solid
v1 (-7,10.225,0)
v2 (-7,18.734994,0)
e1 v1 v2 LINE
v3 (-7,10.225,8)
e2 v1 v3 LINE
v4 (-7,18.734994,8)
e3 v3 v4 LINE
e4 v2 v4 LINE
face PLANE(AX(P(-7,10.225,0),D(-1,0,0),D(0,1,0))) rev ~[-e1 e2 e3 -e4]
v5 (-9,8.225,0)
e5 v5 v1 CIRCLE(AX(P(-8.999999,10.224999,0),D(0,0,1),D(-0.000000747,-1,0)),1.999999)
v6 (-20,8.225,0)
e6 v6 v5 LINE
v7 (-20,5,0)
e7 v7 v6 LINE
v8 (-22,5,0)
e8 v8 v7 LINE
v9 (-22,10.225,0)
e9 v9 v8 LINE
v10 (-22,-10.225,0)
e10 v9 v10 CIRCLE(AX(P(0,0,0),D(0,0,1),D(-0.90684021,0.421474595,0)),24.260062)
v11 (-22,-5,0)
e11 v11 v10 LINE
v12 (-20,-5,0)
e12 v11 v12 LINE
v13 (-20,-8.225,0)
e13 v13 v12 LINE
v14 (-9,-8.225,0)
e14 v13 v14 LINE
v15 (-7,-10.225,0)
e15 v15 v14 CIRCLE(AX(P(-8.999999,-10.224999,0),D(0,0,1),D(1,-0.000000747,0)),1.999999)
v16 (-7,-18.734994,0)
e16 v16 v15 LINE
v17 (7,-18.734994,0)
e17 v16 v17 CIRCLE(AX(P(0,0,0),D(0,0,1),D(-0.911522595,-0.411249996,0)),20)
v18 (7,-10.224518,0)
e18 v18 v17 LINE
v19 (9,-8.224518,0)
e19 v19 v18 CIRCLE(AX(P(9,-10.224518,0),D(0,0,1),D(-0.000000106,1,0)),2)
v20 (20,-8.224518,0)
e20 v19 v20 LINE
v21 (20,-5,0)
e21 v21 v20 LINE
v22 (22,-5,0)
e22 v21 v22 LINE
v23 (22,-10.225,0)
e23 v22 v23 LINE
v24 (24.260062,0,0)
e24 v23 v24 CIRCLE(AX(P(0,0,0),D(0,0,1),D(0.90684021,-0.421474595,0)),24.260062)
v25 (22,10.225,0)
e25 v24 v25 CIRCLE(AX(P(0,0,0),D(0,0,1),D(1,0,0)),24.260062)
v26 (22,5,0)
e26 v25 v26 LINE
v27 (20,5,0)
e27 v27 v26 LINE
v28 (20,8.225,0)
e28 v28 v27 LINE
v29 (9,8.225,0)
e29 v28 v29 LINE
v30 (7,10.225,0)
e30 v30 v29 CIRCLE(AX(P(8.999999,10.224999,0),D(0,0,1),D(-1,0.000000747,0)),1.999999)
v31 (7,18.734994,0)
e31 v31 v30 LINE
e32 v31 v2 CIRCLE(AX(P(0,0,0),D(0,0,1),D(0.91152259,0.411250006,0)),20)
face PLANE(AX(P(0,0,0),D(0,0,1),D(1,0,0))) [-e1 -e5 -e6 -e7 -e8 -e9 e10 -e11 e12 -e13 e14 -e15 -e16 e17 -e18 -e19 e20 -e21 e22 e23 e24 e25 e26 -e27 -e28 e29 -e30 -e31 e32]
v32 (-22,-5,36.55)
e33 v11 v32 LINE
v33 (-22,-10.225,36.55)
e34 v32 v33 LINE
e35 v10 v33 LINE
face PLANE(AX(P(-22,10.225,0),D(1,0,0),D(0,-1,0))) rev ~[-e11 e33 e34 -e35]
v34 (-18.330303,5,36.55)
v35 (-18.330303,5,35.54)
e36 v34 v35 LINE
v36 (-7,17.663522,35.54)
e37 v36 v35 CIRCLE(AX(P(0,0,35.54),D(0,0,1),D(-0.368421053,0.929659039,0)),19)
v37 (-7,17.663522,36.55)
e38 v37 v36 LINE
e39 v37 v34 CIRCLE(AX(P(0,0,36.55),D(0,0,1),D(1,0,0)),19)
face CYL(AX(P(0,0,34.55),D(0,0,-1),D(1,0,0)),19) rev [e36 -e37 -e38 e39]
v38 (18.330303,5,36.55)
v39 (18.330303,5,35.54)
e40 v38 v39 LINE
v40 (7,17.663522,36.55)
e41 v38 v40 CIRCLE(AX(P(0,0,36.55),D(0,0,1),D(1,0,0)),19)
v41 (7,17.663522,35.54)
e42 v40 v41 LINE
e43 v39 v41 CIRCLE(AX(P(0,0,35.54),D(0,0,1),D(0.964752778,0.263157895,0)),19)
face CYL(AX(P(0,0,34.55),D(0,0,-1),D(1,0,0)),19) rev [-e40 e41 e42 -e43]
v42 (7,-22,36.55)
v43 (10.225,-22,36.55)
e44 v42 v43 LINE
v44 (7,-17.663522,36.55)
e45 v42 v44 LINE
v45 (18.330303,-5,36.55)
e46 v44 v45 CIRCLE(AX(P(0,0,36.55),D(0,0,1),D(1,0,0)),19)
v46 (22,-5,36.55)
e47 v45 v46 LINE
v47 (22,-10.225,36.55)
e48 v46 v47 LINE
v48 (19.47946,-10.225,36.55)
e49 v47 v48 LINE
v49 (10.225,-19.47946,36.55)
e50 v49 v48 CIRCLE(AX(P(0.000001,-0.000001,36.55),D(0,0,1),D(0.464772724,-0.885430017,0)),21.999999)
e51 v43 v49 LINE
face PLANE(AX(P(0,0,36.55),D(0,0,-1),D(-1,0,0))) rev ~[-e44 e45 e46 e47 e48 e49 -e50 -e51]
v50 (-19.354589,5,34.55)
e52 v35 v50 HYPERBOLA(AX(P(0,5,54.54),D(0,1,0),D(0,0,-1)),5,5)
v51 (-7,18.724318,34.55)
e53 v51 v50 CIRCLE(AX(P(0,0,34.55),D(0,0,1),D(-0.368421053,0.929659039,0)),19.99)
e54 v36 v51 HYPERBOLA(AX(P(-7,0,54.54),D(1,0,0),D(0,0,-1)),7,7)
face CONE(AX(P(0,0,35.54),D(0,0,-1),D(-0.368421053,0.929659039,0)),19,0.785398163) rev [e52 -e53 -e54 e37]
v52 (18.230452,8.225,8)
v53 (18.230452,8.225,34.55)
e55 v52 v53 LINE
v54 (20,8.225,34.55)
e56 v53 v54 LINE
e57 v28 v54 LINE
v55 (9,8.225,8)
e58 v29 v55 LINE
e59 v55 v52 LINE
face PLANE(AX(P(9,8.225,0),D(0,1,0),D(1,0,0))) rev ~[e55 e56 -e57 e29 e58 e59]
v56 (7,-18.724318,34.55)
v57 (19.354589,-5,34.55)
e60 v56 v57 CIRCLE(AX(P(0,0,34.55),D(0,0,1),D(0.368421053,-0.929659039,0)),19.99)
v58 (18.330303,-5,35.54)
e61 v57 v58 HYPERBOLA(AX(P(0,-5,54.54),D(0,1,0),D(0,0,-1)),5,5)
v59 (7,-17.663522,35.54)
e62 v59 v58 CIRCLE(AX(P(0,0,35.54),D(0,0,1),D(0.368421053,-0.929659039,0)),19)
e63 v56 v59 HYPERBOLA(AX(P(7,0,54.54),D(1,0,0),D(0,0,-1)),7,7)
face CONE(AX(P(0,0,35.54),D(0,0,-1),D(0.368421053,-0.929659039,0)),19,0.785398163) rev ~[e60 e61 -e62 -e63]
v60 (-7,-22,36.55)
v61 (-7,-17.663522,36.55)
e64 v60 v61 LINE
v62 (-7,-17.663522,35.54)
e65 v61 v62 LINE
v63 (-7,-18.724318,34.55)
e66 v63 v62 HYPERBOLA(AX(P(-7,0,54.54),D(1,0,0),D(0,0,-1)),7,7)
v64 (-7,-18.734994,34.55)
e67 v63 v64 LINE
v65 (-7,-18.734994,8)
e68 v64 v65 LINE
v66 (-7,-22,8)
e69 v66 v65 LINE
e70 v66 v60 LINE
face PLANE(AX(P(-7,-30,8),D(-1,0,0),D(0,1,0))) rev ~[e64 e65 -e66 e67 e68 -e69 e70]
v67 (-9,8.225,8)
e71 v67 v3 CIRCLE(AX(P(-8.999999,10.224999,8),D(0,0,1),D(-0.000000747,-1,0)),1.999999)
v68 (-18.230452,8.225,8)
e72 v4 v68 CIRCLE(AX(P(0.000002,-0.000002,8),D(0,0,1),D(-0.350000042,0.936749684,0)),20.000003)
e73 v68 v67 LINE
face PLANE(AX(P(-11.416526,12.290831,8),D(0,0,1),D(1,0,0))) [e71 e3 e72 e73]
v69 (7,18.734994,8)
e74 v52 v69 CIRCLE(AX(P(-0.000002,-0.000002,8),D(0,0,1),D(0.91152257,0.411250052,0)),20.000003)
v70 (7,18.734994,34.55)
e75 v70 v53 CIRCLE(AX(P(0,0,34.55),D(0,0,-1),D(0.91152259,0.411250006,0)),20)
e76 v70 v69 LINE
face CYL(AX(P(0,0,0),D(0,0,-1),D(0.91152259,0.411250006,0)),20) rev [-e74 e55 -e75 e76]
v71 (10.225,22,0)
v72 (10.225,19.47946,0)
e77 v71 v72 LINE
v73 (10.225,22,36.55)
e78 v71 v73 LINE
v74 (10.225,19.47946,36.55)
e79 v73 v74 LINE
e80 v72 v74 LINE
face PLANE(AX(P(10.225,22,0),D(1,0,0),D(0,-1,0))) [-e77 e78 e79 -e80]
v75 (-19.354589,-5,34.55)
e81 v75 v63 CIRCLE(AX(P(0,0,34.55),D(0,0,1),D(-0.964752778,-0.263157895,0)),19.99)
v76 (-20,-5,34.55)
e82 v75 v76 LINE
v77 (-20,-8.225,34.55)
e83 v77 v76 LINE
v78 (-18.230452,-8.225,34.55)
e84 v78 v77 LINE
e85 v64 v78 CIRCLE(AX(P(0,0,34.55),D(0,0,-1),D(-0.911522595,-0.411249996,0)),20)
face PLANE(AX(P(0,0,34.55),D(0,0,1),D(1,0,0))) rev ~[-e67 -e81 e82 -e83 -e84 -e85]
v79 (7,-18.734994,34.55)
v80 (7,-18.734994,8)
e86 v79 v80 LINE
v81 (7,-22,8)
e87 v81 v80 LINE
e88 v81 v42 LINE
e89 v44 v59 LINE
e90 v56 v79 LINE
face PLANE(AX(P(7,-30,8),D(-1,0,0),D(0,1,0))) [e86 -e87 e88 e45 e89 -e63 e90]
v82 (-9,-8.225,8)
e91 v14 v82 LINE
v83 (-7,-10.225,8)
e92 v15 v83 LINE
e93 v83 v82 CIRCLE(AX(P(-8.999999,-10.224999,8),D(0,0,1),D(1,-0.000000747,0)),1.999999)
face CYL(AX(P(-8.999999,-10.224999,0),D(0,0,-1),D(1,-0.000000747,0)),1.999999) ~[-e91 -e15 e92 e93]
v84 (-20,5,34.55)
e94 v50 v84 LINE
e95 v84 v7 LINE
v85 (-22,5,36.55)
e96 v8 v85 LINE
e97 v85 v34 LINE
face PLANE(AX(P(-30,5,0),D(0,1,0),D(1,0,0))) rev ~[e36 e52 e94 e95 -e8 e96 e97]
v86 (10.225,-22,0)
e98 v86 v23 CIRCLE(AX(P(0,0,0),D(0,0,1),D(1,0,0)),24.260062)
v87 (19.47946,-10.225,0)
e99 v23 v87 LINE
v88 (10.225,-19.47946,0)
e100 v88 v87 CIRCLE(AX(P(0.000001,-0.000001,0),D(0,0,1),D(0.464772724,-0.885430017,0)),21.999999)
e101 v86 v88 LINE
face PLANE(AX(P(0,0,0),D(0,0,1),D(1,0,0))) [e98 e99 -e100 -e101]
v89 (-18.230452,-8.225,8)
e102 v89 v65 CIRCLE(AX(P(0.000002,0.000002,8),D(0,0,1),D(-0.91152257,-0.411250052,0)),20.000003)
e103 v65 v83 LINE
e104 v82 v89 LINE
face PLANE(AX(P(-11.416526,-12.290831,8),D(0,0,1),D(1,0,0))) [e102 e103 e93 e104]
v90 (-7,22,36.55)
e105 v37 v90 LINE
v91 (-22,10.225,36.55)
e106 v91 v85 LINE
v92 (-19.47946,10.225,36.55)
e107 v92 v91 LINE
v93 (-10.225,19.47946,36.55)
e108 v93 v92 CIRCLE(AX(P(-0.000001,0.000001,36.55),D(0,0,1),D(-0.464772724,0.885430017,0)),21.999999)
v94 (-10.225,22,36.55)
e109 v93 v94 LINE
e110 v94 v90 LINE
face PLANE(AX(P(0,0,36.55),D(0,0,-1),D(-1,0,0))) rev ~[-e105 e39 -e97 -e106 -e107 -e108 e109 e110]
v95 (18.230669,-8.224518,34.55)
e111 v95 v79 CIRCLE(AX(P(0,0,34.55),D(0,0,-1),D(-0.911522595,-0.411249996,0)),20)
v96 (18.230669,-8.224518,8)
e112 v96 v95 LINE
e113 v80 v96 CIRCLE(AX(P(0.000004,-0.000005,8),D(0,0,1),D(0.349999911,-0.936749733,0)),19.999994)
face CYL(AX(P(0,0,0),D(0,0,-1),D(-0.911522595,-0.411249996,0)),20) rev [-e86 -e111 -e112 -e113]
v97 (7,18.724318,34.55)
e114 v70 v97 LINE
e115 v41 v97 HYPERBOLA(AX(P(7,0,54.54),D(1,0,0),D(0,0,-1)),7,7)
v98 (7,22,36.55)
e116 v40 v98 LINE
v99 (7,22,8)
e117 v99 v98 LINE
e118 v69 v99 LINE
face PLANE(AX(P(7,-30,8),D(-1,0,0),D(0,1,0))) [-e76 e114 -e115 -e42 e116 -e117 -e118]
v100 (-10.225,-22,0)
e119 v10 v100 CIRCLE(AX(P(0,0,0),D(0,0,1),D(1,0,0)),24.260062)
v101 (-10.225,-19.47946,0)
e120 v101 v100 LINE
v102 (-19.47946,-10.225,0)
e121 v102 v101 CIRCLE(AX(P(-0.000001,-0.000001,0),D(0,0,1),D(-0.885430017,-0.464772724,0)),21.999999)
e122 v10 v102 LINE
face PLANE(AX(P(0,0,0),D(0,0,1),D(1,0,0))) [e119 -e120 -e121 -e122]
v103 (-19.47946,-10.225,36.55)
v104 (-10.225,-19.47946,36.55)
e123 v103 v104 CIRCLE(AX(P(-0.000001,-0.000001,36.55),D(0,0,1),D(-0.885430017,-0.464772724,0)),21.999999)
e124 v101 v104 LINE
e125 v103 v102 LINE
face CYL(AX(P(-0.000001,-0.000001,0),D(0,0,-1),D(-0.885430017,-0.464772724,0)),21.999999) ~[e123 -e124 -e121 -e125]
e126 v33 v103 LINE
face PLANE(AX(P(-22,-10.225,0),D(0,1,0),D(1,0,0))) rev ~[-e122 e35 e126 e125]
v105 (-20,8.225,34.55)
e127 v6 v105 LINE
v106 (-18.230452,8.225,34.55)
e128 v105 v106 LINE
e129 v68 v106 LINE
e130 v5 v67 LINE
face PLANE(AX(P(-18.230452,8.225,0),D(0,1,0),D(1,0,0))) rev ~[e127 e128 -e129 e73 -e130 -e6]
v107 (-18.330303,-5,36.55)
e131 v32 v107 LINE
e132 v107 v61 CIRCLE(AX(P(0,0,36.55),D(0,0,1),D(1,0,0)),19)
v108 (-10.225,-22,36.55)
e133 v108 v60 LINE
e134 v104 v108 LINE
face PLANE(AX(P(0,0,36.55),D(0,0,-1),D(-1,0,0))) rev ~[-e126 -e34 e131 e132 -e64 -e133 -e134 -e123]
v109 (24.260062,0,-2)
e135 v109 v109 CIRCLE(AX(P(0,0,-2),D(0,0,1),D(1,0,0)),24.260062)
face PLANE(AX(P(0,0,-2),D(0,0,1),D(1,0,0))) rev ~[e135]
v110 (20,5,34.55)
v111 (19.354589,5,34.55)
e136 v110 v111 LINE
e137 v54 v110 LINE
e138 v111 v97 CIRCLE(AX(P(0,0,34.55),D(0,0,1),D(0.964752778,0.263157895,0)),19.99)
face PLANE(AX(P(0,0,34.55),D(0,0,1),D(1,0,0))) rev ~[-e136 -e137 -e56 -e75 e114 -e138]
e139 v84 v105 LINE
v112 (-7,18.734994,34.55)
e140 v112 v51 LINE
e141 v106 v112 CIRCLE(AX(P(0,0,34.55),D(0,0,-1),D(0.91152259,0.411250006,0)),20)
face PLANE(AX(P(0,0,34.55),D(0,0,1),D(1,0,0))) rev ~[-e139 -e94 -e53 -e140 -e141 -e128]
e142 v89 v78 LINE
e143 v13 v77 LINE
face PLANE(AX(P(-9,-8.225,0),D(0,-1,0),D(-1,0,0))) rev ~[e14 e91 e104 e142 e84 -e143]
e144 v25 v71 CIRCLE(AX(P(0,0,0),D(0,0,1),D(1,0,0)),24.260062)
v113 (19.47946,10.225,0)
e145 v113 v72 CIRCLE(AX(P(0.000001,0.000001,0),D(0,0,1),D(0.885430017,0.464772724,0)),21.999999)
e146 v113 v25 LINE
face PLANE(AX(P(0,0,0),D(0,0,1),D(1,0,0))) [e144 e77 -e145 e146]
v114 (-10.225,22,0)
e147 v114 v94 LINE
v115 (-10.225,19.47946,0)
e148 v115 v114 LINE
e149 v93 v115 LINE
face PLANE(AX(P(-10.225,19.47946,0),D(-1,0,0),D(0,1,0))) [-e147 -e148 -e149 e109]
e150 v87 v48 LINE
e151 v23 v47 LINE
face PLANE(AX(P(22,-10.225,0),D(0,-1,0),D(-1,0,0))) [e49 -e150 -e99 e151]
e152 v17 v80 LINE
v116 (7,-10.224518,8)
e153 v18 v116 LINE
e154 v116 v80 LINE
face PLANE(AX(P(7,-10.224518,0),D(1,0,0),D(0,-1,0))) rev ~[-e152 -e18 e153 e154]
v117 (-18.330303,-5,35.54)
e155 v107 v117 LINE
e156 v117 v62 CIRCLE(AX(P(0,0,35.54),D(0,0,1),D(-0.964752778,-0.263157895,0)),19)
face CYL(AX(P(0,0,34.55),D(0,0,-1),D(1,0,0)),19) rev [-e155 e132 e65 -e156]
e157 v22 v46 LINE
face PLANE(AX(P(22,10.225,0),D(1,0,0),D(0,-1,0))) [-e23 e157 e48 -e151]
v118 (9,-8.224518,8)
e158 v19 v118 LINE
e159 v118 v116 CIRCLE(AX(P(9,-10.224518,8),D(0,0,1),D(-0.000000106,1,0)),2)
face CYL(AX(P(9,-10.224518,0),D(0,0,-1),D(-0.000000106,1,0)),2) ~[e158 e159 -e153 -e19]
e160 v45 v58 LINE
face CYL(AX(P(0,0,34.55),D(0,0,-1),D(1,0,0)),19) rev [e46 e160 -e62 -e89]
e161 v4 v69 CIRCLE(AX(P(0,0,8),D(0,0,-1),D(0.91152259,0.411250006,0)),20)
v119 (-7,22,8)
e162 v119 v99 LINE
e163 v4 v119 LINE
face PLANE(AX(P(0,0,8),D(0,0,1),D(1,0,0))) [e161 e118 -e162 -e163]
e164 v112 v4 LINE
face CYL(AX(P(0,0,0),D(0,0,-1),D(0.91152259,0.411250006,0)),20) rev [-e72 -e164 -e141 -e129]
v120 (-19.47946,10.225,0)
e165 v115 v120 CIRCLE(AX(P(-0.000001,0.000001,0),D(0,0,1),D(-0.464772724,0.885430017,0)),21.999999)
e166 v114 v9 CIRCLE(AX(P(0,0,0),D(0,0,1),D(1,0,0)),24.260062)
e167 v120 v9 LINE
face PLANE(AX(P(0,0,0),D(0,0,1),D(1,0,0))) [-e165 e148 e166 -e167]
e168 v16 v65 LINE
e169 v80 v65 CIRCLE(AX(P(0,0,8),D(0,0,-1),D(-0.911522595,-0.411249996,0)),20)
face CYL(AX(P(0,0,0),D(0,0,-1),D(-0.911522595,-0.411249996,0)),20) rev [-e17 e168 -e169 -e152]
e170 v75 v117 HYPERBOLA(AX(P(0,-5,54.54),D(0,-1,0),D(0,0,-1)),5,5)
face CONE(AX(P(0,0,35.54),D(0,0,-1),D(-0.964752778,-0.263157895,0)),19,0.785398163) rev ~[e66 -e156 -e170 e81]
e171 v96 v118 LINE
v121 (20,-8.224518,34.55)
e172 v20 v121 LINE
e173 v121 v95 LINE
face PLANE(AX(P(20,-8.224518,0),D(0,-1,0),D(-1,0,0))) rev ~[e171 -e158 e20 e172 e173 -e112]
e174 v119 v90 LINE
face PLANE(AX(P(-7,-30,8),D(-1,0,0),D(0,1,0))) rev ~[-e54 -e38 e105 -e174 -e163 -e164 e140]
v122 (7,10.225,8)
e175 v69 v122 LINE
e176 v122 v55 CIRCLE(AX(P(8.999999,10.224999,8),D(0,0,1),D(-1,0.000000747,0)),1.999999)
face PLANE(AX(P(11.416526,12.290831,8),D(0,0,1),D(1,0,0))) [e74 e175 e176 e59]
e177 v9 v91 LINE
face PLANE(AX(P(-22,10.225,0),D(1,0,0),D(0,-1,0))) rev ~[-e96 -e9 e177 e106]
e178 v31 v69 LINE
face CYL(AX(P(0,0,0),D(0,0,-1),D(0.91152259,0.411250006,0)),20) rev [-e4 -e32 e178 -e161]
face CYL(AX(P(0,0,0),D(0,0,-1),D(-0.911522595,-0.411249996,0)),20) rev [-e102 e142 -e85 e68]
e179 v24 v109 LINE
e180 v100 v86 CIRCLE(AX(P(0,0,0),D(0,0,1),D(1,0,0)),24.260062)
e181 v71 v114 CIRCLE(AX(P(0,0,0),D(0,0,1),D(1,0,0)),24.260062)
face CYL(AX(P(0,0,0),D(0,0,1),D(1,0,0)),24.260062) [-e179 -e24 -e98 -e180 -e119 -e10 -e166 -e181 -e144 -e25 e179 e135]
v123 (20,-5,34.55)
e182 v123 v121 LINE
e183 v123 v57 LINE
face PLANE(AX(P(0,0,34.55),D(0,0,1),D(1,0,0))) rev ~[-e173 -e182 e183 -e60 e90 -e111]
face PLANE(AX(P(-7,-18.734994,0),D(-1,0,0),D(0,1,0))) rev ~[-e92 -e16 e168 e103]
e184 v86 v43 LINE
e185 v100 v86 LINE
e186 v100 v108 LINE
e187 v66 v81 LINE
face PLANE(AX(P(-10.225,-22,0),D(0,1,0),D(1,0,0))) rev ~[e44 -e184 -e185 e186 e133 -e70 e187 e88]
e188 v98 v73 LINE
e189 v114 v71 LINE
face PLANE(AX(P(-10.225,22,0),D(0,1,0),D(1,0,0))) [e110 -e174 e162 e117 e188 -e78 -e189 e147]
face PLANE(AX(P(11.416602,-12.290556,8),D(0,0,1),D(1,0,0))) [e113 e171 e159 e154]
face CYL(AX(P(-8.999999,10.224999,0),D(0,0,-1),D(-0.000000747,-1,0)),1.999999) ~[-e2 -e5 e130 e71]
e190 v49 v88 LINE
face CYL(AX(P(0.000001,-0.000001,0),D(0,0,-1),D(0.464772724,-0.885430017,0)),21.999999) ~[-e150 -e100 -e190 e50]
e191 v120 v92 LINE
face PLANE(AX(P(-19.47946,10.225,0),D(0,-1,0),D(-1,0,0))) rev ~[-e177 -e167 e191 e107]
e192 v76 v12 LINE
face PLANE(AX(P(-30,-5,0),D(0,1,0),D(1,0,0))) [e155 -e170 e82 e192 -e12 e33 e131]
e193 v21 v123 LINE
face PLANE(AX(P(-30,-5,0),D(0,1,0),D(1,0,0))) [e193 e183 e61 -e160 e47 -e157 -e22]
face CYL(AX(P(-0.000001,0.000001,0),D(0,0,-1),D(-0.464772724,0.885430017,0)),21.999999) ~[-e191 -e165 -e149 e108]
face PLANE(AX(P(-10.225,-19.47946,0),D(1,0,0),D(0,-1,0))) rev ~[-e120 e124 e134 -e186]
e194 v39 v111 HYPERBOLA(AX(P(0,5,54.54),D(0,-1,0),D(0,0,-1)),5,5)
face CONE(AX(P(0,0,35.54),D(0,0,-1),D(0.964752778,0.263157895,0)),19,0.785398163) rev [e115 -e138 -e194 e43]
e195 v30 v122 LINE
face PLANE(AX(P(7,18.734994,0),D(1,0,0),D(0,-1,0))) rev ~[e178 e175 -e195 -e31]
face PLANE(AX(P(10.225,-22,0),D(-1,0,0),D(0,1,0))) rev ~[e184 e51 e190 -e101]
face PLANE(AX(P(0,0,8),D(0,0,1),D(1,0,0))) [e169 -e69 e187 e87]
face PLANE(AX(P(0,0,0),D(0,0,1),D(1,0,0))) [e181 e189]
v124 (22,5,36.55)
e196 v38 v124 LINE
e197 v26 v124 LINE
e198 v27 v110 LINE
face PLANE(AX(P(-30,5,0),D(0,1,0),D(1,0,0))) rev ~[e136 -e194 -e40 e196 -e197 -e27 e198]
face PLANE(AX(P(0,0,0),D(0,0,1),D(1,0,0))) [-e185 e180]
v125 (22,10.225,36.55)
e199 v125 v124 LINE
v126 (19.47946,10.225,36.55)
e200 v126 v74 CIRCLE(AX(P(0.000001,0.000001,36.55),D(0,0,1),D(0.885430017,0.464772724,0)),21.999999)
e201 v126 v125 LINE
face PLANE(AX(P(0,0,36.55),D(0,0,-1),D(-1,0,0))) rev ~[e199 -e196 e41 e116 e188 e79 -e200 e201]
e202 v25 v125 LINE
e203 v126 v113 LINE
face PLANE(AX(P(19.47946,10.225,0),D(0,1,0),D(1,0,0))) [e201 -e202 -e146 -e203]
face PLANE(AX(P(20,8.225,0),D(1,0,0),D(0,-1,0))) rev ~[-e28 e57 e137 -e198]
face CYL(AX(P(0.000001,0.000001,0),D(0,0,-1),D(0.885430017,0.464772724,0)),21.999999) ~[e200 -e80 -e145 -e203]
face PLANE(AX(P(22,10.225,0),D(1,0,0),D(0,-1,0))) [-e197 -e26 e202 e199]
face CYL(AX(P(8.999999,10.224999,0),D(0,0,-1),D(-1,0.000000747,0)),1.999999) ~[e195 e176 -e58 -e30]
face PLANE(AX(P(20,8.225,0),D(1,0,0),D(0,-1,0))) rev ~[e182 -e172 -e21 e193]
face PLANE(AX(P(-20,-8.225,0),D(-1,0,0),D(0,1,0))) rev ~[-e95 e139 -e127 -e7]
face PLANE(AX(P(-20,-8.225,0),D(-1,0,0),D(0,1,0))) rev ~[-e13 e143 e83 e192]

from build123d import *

# Parameters (mm, degrees)
PAD_DEPTH       = 36.55
SKETCH001_R     = 24.260062
PAD001_DEPTH    = 2
PAD002_DEPTH    = 8
PAD003_START    = 34.55
SKETCH005_R     = 22
SKETCH005_R_2   = 19
PAD003_DEPTH    = 2
SKETCH002_W     = 60
SKETCH002_H     = 10
POCKET002_DEPTH = 36.551
POCKET003_START = 8
SKETCH003_W     = 14
SKETCH003_H     = 60
POCKET003_DEPTH = 52
CHAMFER_SIZE    = 0.99


with BuildPart() as part:
    # Sketch → Pad (new body)
    with BuildSketch(Plane.XY):
        with BuildLine():
            Line((19.47946, 10.225), (22, 10.225))
            Line((22, 10.225), (22, -10.225))
            Line((22, -10.225), (19.47946, -10.225))
            ThreePointArc((10.225, -19.47946), (15.556349, -15.556349), (19.47946, -10.225))
            Line((10.225, -22), (10.225, -19.47946))
            Line((-10.225, -22), (10.225, -22))
            Line((-10.225, -19.47946), (-10.225, -22))
            ThreePointArc((-19.47946, -10.225), (-15.556349, -15.556349), (-10.225, -19.47946))
            Line((-22, -10.225), (-19.47946, -10.225))
            Line((-22, 10.225), (-22, -10.225))
            Line((-19.47946, 10.225), (-22, 10.225))
            ThreePointArc((-10.225, 19.47946), (-15.556349, 15.556349), (-19.47946, 10.225))
            Line((-10.225, 19.47946), (-10.225, 22))
            Line((-10.225, 22), (10.225, 22))
            Line((10.225, 22), (10.225, 19.47946))
            ThreePointArc((19.47946, 10.225), (15.556349, 15.556349), (10.225, 19.47946))
        make_face()
        with BuildLine():
            Line((-20, 0), (-20, 8.225))
            Line((-20, 8.225), (-18.230452, 8.225))
            ThreePointArc((18.230452, 8.225), (0, 20), (-18.230452, 8.225))
            Line((18.230452, 8.225), (20, 8.225))
            Line((20, 8.225), (20, 0.000241))
            Line((20, 0.000241), (20, -8.224518))
            Line((20, -8.224518), (18.230669, -8.224518))
            ThreePointArc((-18.230452, -8.225), (0.000264, -20), (18.230669, -8.224518))
            Line((-20, -8.225), (-18.230452, -8.225))
            Line((-20, 0), (-20, -8.225))
        make_face(mode=Mode.SUBTRACT)
    extrude(amount=PAD_DEPTH)

    # Sketch001 → Pad001 (join)
    with BuildSketch(Plane.XY):
        Circle(SKETCH001_R)
    extrude(amount=-PAD001_DEPTH)

    # Sketch004 → Pad002 (join)
    with BuildSketch(Plane.XY):
        with BuildLine():
            ThreePointArc((-7, 18.734994), (-13.665977, 14.602776), (-18.230452, 8.225))
            Line((-18.230452, 8.225), (-9, 8.225))
            ThreePointArc((-9, 8.225), (-7.585786, 8.810786), (-7, 10.225))
            Line((-7, 10.225), (-7, 18.734994))
        make_face()
        with BuildLine():
            ThreePointArc((18.230452, 8.225), (13.665977, 14.602776), (7, 18.734994))
            Line((7, 18.734994), (7, 10.225))
            ThreePointArc((7, 10.225), (7.585786, 8.810786), (9, 8.225))
            Line((9, 8.225), (18.230452, 8.225))
        make_face()
        with BuildLine():
            ThreePointArc((7, -18.734994), (13.66617, -14.602596), (18.230669, -8.224518))
            Line((18.230669, -8.224518), (9, -8.224518))
            ThreePointArc((9, -8.224518), (7.585786, -8.810305), (7, -10.224518))
            Line((7, -10.224518), (7, -18.734994))
        make_face()
        with BuildLine():
            ThreePointArc((-18.230452, -8.225), (-13.665977, -14.602776), (-7, -18.734994))
            Line((-7, -18.734994), (-7, -10.225))
            ThreePointArc((-7, -10.225), (-7.585786, -8.810786), (-9, -8.225))
            Line((-9, -8.225), (-18.230452, -8.225))
        make_face()
    extrude(amount=PAD002_DEPTH)

    # Sketch005 → Pad003 (join)
    with BuildSketch(Plane.XY.offset(PAD003_START)):
        Circle(SKETCH005_R)
        Circle(SKETCH005_R_2, mode=Mode.SUBTRACT)
    extrude(amount=PAD003_DEPTH)

    # Sketch002 → Pocket002 (cut, through all)
    with BuildSketch(Plane.XY):
        Rectangle(SKETCH002_W, SKETCH002_H)
    extrude(amount=POCKET002_DEPTH, mode=Mode.SUBTRACT)

    # Sketch003 → Pocket003 (cut)
    with BuildSketch(Plane.XY.offset(POCKET003_START)):
        Rectangle(SKETCH003_W, SKETCH003_H)
    extrude(amount=POCKET003_DEPTH, mode=Mode.SUBTRACT)

    # Chamfer
    chamfer_edges = [part.edges().sort_by_distance(p)[0] for p in [
        (-14.159705, 12.668968, 34.55),
        (-14.159705, -12.668968, 34.55),
        (14.159705, 12.668968, 34.55),
        (14.159705, -12.668968, 34.55),
    ]]
    chamfer(chamfer_edges, length=CHAMFER_SIZE)


solid = part.part
